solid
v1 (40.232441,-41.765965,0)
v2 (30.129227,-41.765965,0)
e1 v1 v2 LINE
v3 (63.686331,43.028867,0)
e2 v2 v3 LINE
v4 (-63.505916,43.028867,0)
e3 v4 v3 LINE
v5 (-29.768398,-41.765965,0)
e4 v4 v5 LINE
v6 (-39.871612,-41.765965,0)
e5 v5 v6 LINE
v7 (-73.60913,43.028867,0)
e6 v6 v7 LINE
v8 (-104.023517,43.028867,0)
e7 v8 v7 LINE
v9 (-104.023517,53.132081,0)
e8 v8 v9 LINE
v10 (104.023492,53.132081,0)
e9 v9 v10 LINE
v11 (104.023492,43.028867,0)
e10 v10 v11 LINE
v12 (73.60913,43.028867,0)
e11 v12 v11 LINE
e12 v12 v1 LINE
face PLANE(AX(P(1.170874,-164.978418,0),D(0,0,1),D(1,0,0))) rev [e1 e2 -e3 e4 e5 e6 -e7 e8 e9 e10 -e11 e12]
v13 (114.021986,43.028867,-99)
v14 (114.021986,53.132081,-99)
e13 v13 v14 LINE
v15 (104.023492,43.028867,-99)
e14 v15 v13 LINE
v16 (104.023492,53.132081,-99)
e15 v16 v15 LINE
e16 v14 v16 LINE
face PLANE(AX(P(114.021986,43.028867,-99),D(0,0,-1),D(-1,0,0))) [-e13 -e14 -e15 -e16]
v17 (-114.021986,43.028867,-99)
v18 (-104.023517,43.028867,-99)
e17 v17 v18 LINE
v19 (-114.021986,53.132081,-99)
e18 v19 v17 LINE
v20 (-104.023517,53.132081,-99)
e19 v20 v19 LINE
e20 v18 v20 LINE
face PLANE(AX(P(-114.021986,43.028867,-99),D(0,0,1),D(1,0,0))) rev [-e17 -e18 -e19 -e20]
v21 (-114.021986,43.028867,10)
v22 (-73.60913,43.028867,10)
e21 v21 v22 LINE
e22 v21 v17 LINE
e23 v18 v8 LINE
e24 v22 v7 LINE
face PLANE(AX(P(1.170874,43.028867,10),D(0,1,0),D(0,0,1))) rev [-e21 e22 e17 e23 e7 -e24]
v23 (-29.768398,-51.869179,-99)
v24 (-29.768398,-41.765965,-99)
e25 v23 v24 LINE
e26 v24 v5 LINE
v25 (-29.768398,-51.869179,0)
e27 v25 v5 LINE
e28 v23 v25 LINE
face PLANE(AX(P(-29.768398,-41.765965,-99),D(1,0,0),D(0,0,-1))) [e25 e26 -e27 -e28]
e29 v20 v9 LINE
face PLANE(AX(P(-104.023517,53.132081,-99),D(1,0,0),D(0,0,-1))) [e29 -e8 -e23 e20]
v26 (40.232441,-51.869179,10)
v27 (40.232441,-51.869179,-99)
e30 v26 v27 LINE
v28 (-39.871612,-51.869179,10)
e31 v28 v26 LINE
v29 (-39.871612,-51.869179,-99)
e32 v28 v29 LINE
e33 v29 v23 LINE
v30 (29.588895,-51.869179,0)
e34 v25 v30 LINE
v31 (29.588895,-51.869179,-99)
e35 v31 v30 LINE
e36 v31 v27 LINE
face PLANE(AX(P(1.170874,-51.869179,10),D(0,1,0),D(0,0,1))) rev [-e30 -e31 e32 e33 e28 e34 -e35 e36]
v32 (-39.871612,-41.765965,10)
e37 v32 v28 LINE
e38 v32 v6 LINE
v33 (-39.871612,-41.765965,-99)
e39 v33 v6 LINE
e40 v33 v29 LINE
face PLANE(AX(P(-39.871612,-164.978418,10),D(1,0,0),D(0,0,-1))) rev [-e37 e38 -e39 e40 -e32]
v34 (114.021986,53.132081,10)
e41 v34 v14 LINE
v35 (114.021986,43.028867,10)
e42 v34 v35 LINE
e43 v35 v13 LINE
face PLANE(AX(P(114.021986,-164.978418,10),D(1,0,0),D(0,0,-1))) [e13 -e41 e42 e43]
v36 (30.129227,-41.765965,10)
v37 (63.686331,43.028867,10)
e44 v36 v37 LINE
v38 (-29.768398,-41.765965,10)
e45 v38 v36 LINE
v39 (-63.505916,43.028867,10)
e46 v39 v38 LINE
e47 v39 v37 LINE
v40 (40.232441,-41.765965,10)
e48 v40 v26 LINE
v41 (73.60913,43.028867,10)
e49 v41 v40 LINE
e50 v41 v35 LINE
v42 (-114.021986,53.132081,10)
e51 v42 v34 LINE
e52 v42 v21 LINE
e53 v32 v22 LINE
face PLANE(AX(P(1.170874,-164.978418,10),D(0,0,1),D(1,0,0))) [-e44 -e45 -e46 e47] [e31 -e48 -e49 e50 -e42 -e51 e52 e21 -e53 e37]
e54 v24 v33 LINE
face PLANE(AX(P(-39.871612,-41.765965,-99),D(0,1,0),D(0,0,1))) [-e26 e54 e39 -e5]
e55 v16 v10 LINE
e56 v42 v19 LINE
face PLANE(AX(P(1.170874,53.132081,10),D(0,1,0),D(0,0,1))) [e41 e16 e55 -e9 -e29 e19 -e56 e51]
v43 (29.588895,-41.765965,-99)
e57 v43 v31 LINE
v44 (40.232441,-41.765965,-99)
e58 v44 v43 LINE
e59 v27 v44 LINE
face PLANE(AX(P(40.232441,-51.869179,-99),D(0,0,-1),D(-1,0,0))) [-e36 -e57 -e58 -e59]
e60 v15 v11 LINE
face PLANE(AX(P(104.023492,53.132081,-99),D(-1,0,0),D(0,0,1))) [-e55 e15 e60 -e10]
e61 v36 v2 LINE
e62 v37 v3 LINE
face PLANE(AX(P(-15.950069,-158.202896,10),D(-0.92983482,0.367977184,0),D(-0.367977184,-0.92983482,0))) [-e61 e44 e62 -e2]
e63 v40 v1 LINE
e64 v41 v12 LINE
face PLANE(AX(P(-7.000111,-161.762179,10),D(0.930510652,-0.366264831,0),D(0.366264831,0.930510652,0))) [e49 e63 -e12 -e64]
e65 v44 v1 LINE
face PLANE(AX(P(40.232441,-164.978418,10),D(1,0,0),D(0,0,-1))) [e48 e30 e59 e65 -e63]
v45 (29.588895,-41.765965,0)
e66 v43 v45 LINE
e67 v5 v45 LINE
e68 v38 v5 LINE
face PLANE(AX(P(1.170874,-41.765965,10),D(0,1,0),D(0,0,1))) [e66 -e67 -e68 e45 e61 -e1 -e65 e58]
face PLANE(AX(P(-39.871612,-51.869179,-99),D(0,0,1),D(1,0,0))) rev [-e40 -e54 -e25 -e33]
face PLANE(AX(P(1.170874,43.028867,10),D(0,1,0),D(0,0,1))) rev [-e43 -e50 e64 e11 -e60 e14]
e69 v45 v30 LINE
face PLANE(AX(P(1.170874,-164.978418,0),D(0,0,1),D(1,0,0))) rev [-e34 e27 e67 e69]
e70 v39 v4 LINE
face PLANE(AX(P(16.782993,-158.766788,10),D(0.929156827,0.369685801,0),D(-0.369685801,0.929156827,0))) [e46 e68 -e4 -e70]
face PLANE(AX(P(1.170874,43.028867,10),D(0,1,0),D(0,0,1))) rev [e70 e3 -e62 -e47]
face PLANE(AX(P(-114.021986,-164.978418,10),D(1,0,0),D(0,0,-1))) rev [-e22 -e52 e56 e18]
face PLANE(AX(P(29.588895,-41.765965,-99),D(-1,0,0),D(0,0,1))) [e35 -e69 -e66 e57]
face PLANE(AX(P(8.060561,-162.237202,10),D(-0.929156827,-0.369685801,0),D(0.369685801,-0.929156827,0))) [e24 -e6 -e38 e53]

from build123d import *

# Parameters (mm, degrees)
EXTRUDE1_DEPTH      = 10
EXTRUDE2_DEPTH      = 10
EXTRUDE3_DEPTH      = 10
SKETCH2_W           = 9.998469457
SKETCH2_H           = 10.103213958
SKETCH2_W_2         = 10.103213958
SKETCH2_W_3         = 10.643545952
SKETCH2_W_4         = 9.998494457
EXTRUDE4_DEPTH      = 10
EXTRUDE4_DEPTH_BACK = 99


with BuildPart() as part:
    # Sketch1 → Extrude1 (new body)
    with BuildSketch(Plane.XY):
        Polygon((63.686330841, 43.028866588), (73.609130264, 43.028866588), (114.021986095, 43.028866588), (114.021986095, 53.132080546), (-114.021986095, 53.132080546), (-114.021986095, 43.028866588), (-73.609130264, 43.028866588), (-63.505916306, 43.028866588), align=None)
    extrude(amount=EXTRUDE1_DEPTH)



with BuildPart() as body_2:
    # Sketch1<3> → Extrude2 (new body)
    with BuildSketch(Plane.XY):
        Polygon((40.232441296, -51.869178801), (40.232441296, -41.765964843), (30.129227338, -41.765964843), (-29.768398268, -41.765964843), (-39.871612226, -41.765964843), (-39.871612226, -51.869178801), align=None)
    extrude(amount=EXTRUDE2_DEPTH)


with BuildPart() as part_1:
    add(part.part)

    add(body_2.part)  # Extrude3 merges body 2
    # Sketch1<4> → Extrude3 (add)
    with BuildSketch(Plane.XY):
        Polygon((40.232441296, -41.765964843), (73.609130264, 43.028866588), (63.686330841, 43.028866588), (30.129227338, -41.765964843), align=None)
        Polygon((-29.768398268, -41.765964843), (-63.505916306, 43.028866588), (-73.609130264, 43.028866588), (-39.871612226, -41.765964843), align=None)
    extrude(amount=EXTRUDE3_DEPTH)

    # Sketch2 → Extrude4 (add, two sides)
    with BuildSketch(Plane.XY) as extrude4_sk:
        with Locations((-109.022751367, 48.080473567)):
            Rectangle(SKETCH2_W, SKETCH2_H)
        with Locations((-34.820005247, -46.817571822)):
            Rectangle(SKETCH2_W_2, SKETCH2_H)
        with Locations((34.91066832, -46.817571822)):
            Rectangle(SKETCH2_W_3, SKETCH2_H)
        with Locations((109.022738867, 48.080473567)):
            Rectangle(SKETCH2_W_4, SKETCH2_H)
    extrude(amount=EXTRUDE4_DEPTH)
    extrude(extrude4_sk.sketch, amount=-EXTRUDE4_DEPTH_BACK)


solid = part_1.part
